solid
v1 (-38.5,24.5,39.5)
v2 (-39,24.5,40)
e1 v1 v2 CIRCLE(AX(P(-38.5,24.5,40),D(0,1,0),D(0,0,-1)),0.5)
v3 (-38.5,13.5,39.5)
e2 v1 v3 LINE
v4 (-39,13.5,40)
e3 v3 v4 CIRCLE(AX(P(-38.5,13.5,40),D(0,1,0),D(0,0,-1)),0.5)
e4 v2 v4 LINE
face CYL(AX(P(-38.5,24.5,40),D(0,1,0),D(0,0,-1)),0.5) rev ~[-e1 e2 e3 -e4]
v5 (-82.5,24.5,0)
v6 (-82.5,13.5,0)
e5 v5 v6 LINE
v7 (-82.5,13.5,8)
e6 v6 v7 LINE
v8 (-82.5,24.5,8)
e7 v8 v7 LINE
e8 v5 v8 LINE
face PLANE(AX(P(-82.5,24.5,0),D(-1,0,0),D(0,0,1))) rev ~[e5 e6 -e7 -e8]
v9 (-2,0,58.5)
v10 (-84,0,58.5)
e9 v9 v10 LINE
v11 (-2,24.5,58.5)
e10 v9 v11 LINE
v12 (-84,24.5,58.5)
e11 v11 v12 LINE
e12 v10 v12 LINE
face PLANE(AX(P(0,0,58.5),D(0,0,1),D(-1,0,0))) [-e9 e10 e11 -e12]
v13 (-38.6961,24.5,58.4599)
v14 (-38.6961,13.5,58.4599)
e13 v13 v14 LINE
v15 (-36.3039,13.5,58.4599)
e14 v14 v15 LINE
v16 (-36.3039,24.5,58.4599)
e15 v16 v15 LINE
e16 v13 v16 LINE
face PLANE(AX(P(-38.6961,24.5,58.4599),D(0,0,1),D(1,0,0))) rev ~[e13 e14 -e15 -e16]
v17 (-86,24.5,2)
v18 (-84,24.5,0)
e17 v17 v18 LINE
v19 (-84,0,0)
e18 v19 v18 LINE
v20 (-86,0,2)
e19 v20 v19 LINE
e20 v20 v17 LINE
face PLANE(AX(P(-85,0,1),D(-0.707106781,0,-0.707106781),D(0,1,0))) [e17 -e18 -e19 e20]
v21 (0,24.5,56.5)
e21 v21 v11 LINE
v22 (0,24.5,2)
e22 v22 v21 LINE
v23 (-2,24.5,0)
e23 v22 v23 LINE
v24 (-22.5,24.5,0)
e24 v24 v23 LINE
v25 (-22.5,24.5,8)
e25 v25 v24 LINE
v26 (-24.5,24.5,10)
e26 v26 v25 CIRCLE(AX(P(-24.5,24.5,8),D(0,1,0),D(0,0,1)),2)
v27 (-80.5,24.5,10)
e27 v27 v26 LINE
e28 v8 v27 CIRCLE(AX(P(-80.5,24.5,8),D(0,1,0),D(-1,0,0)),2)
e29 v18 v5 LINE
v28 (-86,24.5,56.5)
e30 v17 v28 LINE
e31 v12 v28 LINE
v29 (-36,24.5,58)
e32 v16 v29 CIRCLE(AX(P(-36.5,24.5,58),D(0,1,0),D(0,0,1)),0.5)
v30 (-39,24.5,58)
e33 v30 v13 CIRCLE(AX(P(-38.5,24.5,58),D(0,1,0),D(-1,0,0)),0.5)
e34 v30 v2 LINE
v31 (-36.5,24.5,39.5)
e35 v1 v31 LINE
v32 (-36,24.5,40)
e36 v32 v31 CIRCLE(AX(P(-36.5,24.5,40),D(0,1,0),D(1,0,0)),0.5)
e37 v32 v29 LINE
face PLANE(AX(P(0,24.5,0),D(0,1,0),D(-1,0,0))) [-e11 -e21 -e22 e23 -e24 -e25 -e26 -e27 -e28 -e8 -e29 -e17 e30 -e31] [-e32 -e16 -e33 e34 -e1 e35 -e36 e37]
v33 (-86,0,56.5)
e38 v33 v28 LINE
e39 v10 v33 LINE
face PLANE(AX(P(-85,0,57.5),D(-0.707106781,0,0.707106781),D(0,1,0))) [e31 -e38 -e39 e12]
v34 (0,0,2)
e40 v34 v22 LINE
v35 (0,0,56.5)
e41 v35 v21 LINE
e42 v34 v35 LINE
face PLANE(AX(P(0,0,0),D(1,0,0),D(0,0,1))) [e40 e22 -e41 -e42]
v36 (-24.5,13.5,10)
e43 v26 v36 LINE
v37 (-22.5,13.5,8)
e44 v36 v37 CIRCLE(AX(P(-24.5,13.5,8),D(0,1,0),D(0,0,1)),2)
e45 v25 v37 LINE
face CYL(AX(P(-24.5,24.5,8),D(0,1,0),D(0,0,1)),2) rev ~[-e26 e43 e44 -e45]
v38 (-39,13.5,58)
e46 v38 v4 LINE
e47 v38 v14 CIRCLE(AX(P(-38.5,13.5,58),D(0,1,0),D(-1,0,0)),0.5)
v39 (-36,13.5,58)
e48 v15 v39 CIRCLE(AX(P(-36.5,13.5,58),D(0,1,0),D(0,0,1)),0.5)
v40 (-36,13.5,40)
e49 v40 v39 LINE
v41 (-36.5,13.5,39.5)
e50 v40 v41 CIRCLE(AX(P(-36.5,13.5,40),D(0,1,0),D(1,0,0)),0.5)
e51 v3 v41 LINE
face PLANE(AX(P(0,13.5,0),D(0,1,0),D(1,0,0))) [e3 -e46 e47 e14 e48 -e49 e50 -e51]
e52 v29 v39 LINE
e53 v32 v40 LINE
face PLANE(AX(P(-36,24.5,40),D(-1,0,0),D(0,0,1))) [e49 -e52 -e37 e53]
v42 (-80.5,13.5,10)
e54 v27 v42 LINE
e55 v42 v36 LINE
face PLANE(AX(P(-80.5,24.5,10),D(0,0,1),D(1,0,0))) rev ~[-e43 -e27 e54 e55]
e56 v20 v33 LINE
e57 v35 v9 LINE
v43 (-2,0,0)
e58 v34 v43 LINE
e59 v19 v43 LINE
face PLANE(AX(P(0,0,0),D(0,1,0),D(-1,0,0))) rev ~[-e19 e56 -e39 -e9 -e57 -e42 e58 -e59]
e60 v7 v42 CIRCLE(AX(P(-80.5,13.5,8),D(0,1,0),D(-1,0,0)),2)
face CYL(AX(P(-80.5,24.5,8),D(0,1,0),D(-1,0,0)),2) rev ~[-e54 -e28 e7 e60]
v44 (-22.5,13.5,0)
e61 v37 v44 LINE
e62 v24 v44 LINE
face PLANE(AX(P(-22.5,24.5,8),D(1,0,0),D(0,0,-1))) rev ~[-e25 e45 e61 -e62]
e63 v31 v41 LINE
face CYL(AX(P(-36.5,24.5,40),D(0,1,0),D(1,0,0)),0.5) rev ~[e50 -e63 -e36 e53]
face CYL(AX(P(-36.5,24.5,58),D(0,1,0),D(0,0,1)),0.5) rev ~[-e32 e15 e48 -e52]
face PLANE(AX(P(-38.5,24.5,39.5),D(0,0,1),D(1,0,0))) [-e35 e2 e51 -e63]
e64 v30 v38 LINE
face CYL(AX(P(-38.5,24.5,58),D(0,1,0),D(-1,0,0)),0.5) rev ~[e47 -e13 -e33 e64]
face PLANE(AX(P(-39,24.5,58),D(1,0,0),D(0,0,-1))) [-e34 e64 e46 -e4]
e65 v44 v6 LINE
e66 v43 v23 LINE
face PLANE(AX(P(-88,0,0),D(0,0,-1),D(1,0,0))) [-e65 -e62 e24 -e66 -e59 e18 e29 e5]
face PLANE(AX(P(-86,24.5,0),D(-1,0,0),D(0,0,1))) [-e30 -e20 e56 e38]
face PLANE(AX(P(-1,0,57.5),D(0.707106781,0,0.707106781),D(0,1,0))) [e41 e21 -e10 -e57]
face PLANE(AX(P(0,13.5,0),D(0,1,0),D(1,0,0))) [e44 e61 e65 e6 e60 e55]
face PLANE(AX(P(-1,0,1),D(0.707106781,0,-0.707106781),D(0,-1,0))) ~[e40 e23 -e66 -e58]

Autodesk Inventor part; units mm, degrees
ref_plane "YZ Plane" through (0, 0, 0) normal (1, 0, 0) x (0, 1, 0)
ref_plane "XZ Plane" through (0, 0, 0) normal (0, 1, 0) x (-1, 0, 0)
ref_plane "XY Plane" through (0, 0, 0) normal (0, 0, 1) x (1, 0, 0)
sketch "Boceto1" plane through (0, 0, 0) normal (0, 1, 0) x (-1, 0, 0)
  line L0 (88, 0) -> (0, 0)
  line L1 (0, 0) -> (0, 58.5)
  line L2 (0, 58.5) -> (88, 58.5)
  line L3 (88, 58.5) -> (88, 0)
  dimension "d0" = 58.5
  dimension "d1" = 88
extrude "Extrusión1" add sketch "Boceto1" along normal blind 24.5
sketch "Boceto2" plane through (0, 24.5, 0) normal (0, 1, 0) x (1, 0, 0)
  line L0 (0, 0) -> (-88, 0) projected
  line L1 (-88, 0) -> (-88, -58.5) projected
  line L2 (-88, -58.5) -> (0, -58.5) projected
  line L3 (0, -58.5) -> (0, 0) projected
  line L4 (-36, -58.5) -> (0, -58.5)
  line L5 (-36.5, -58.5) -> (-38.5, -58.5)
  line L6 (-39, -58) -> (-39, -40)
  line L7 (-38.5, -39.5) -> (-36.5, -39.5)
  line L8 (-36, -40) -> (-36, -58)
  line L9 (0, 0) -> (-22.5, 0)
  line L10 (-22.5, 0) -> (-82.5, 0)
  line L11 (-82.5, 0) -> (-82.5, -8)
  line L12 (-80.5, -10) -> (-24.5, -10)
  line L13 (-22.5, -8) -> (-22.5, 0)
  arc A0 (-24.5, -10) -> (-22.5, -8) centre (-24.5, -8) ccw
  arc A1 (-82.5, -8) -> (-80.5, -10) centre (-80.5, -8) ccw
  arc A2 (-38.5, -39.5) -> (-39, -40) centre (-38.5, -40) ccw
  arc A3 (-36, -40) -> (-36.5, -39.5) centre (-36.5, -40) ccw
  arc A4 (-36.5, -58.5) -> (-36, -58) centre (-36.5, -58) ccw
  arc A5 (-39, -58) -> (-38.5, -58.5) centre (-38.5, -58) ccw
  line L14 (0, 0) -> (-86, 0)
  line L15 (-86, 0) -> (-86, -58.5)
  line L16 (-86, -58.5) -> (0, -58.5)
  line L17 (0, -58.5) -> (0, 0)
  line L18 (-38.6961, -58.4599) -> (-36.3039, -58.4599)
  point P0 (-39, -39.5)
  point P1 (-36, -39.5)
  dimension "d4" = 36
  dimension "d5" = 19
  dimension "d6" = 3
  dimension "d7" = 22.5
  dimension "d8" = 2
  dimension "d9" = 0.5
  dimension "d10" = 56
  dimension "d11" = 88
  dimension "d12" = 58.5
  dimension "d13" = 86
  dimension "d14" = 10
  dimension "d15" = 2.3923
extrude "Extrusión2" cut sketch "Boceto2" against normal blind 11 contours L13 A0 L12 A1 L11 L0 | L15 L2 L1 L0 | L18 A5 L6 A2 L7 A3 L8 A4
sketch "Boceto3" plane through (0, 24.5, 0) normal (0, 1, 0) x (1, 0, 0)
  line L0 (-86, 0) -> (-86, -58.5) projected
  line L1 (-86, -58.5) -> (0, -58.5) projected
  line L2 (0, -58.5) -> (0, 0) projected
  line L3 (0, 0) -> (-22.5, 0) projected
  line L4 (-22.5, 0) -> (-22.5, -8) projected
  arc A0 (-24.5, -10) -> (-22.5, -8) centre (-24.5, -8) ccw projected
  line L5 (-24.5, -10) -> (-80.5, -10) projected
  arc A1 (-82.5, -8) -> (-80.5, -10) centre (-80.5, -8) ccw projected
  line L6 (-82.5, -8) -> (-82.5, 0) projected
  line L7 (-82.5, 0) -> (-86, 0) projected
  line L8 (-39, -58) -> (-39, -40) projected
  arc A2 (-38.5, -39.5) -> (-39, -40) centre (-38.5, -40) ccw projected
  line L9 (-38.5, -39.5) -> (-36.5, -39.5) projected
  arc A3 (-36, -40) -> (-36.5, -39.5) centre (-36.5, -40) ccw projected
  line L10 (-36, -40) -> (-36, -58) projected
  arc A4 (-36.3039, -58.4599) -> (-36, -58) centre (-36.5, -58) ccw projected
  line L11 (-36.3039, -58.4599) -> (-38.6961, -58.4599) projected
  arc A5 (-39, -58) -> (-38.6961, -58.4599) centre (-38.5, -58) ccw projected
sketch "Boceto4" plane through (0, 13.5, 0) normal (0, 1, 0) x (1, 0, 0)
  line L0 (-88, -58.5) -> (-88, 0) projected
  line L1 (-86, -58.5) -> (-88, -58.5) projected
  line L2 (-88, 0) -> (-86, 0)
  line L3 (-86, 0) -> (-86, -58.5)
  line L4 (-86, -58.5) -> (-88, -58.5)
  line L5 (-88, -58.5) -> (-88, 0)
  point P0 (0, 0)
extrude "Extrusión3" cut sketch "Boceto4" against normal blind 50
chamfer "Chaflán1" distance 2 angle 45 1 edges at (0, 12.25, 58.5)
chamfer "Chaflán2" distance 2 angle 45 1 edges at (0, 12.25, 0)
chamfer "Chaflán3" distance 2 angle 45 1 edges at (-86, 12.25, 58.5)
chamfer "Chaflán4" distance 2 angle 45 1 edges at (-86, 12.25, 0)
properties part number "Rasp" material "Policarbonato, ahumado"
